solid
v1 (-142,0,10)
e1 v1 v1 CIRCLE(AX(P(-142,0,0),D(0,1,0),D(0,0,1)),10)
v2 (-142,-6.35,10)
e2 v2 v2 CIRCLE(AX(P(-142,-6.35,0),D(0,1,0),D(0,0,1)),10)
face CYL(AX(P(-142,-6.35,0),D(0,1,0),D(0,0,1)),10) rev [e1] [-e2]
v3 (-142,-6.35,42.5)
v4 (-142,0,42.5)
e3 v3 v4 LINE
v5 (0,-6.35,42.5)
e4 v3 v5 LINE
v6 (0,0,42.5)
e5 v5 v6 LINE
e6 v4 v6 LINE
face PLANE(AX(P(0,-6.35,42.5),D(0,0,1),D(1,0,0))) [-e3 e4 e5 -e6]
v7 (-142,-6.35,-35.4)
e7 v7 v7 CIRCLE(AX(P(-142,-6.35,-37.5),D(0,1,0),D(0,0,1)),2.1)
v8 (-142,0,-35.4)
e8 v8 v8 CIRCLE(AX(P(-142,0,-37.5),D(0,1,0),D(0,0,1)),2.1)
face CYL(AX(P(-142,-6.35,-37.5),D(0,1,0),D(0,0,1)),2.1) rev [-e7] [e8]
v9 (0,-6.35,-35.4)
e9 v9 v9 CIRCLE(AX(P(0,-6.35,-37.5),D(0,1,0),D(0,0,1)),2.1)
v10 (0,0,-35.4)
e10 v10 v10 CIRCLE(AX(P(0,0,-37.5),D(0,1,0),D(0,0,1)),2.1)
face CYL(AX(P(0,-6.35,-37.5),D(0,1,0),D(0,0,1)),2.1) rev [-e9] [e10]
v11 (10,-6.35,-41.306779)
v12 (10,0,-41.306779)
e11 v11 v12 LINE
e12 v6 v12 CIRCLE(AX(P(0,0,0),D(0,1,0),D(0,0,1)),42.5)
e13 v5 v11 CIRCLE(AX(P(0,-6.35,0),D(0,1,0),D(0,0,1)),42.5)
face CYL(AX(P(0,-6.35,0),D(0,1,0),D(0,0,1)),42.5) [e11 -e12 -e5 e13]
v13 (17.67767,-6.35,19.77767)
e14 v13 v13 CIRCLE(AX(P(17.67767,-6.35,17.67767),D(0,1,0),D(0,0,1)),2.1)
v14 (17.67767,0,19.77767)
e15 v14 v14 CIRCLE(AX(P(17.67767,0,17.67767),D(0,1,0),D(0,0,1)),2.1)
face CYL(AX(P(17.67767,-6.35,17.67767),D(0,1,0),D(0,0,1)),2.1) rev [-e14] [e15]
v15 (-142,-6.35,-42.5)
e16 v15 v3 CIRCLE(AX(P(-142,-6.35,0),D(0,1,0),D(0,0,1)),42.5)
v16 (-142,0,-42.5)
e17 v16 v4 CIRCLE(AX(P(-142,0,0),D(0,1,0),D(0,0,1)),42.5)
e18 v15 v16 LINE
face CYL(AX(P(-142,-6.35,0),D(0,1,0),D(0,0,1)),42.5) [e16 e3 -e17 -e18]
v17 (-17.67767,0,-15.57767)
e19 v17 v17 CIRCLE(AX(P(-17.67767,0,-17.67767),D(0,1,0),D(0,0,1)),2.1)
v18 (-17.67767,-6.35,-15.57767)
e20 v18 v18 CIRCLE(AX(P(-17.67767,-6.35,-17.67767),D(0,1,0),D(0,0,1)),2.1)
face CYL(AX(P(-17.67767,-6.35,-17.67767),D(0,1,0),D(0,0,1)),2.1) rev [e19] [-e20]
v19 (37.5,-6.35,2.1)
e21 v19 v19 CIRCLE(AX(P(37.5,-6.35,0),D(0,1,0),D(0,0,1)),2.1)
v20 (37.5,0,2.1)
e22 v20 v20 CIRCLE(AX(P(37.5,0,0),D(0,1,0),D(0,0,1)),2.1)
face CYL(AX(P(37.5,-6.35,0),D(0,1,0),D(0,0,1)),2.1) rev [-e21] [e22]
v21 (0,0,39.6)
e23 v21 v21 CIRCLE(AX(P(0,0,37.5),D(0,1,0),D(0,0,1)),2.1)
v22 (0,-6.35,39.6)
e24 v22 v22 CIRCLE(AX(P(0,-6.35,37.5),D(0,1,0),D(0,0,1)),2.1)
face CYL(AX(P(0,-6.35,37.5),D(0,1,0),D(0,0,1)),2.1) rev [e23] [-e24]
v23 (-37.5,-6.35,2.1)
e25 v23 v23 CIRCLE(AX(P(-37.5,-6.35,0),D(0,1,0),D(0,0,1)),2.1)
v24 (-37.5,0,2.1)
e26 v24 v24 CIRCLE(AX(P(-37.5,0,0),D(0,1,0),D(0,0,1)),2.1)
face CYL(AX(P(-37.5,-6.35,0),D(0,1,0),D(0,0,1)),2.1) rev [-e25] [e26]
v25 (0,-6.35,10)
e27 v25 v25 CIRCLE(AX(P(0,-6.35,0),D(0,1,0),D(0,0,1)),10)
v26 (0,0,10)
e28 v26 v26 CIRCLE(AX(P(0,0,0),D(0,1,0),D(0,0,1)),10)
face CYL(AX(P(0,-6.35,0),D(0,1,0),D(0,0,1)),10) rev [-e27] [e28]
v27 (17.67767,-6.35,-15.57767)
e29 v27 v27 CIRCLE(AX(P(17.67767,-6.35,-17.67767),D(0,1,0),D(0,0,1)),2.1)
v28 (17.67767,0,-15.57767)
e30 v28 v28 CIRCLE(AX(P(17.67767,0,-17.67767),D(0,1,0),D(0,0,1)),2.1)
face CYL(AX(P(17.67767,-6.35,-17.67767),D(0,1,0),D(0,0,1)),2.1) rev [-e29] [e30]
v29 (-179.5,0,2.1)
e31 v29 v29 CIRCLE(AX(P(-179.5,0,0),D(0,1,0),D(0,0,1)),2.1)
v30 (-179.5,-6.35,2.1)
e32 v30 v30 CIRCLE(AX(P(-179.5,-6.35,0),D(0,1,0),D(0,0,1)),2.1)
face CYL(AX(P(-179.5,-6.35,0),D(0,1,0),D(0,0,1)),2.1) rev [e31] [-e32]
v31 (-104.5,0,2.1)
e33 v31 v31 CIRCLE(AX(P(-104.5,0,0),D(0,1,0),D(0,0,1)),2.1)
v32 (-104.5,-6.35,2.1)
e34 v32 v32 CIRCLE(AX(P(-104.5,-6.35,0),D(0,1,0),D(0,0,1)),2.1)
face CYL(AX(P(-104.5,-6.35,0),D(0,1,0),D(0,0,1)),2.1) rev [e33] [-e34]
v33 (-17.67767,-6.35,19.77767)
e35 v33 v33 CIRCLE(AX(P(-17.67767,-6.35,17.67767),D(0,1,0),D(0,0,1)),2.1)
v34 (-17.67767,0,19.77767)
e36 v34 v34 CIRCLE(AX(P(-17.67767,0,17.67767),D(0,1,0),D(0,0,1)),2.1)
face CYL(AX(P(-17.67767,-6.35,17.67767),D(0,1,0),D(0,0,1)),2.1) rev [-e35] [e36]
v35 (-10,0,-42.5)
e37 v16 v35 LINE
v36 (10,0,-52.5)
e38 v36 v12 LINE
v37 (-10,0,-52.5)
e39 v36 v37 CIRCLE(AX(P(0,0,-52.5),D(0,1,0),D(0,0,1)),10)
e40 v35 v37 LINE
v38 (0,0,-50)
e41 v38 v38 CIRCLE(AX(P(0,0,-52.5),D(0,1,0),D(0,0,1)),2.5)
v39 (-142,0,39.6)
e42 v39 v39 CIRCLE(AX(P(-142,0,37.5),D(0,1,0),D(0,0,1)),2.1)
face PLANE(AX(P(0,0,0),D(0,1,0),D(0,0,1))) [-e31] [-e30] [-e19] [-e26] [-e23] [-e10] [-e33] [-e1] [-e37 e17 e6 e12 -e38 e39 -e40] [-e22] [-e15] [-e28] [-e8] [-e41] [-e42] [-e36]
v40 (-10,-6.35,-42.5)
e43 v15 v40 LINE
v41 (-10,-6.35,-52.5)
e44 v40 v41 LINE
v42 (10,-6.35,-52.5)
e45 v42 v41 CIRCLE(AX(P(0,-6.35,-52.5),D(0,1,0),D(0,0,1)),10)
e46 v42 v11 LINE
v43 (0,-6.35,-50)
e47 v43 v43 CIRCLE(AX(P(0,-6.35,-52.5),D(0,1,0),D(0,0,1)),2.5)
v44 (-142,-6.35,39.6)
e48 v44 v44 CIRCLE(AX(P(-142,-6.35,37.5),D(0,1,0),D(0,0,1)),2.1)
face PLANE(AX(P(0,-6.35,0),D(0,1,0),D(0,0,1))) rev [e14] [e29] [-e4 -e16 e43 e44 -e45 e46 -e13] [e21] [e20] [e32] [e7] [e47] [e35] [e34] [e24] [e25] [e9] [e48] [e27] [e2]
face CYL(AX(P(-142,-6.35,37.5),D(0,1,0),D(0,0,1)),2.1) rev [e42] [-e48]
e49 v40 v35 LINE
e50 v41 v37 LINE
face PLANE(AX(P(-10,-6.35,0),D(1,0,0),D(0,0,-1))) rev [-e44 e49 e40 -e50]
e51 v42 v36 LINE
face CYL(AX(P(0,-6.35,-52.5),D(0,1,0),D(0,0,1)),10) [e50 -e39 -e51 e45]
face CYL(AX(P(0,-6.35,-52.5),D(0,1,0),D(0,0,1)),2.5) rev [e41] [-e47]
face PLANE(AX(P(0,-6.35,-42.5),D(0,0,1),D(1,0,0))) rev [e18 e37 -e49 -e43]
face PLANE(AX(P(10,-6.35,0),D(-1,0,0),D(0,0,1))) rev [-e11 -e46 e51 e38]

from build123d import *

# Parameters (mm, degrees)
SKETCH1_R           = 2.1
SKETCH1_R_2         = 10
SKETCH1_R_3         = 2.5
BOSS_EXTRUDE1_DEPTH = 6.35


with BuildPart() as part:
    # Sketch1 → Boss-Extrude1 (new body)
    with BuildSketch(Plane(origin=(0, 0, 0), x_dir=(1, 0, 0), z_dir=(0, 1, 0))):
        with BuildLine():
            Line((-10, 42.5), (-142, 42.5))
            ThreePointArc((-142, 42.5), (-184.5, 0), (-142, -42.5))
            Line((-142, -42.5), (0, -42.5))
            ThreePointArc((0, -42.5), (42.200640469, -5.0354686), (10, 41.306779105))
            Line((10, 41.306779105), (10, 52.5))
            ThreePointArc((10, 52.5), (0, 62.5), (-10, 52.5))
            Line((-10, 52.5), (-10, 42.5))
        make_face()
        with Locations(Location((-104.5, 0, 0), (0, 0, 270))):
            Circle(SKETCH1_R, mode=Mode.SUBTRACT)
        with Locations(Location((-142, 37.5, 0), (0, 0, 270))):
            Circle(SKETCH1_R, mode=Mode.SUBTRACT)
        with Locations(Location((-142, -37.5, 0), (0, 0, 270))):
            Circle(SKETCH1_R, mode=Mode.SUBTRACT)
        with Locations(Location((-179.5, 0, 0), (0, 0, 270))):
            Circle(SKETCH1_R, mode=Mode.SUBTRACT)
        with Locations(Location((-142, 0, 0), (0, 0, 270))):
            Circle(SKETCH1_R_2, mode=Mode.SUBTRACT)
        with Locations(Location((0, 37.5, 0), (0, 0, 270))):
            Circle(SKETCH1_R, mode=Mode.SUBTRACT)
        with Locations(Location((17.67766953, 17.67766953, 0), (0, 0, 270))):
            Circle(SKETCH1_R, mode=Mode.SUBTRACT)
        with Locations(Location((-17.67766953, -17.67766953, 0), (0, 0, 270))):
            Circle(SKETCH1_R, mode=Mode.SUBTRACT)
        with Locations(Location((0, -37.5, 0), (0, 0, 270))):
            Circle(SKETCH1_R, mode=Mode.SUBTRACT)
        with Locations(Location((17.67766953, -17.67766953, 0), (0, 0, 270))):
            Circle(SKETCH1_R, mode=Mode.SUBTRACT)
        with Locations(Location((-37.5, 0, 0), (0, 0, 270))):
            Circle(SKETCH1_R, mode=Mode.SUBTRACT)
        with Locations(Location((0, 0, 0), (0, 0, 270))):
            Circle(SKETCH1_R_2, mode=Mode.SUBTRACT)
        with Locations(Location((37.5, 0, 0), (0, 0, 270))):
            Circle(SKETCH1_R, mode=Mode.SUBTRACT)
        with Locations(Location((-17.67766953, 17.67766953, 0), (0, 0, 270))):
            Circle(SKETCH1_R, mode=Mode.SUBTRACT)
        with Locations(Location((0, 52.5, 0), (0, 0, 270))):
            Circle(SKETCH1_R_3, mode=Mode.SUBTRACT)
    extrude(amount=-BOSS_EXTRUDE1_DEPTH)


solid = part.part
